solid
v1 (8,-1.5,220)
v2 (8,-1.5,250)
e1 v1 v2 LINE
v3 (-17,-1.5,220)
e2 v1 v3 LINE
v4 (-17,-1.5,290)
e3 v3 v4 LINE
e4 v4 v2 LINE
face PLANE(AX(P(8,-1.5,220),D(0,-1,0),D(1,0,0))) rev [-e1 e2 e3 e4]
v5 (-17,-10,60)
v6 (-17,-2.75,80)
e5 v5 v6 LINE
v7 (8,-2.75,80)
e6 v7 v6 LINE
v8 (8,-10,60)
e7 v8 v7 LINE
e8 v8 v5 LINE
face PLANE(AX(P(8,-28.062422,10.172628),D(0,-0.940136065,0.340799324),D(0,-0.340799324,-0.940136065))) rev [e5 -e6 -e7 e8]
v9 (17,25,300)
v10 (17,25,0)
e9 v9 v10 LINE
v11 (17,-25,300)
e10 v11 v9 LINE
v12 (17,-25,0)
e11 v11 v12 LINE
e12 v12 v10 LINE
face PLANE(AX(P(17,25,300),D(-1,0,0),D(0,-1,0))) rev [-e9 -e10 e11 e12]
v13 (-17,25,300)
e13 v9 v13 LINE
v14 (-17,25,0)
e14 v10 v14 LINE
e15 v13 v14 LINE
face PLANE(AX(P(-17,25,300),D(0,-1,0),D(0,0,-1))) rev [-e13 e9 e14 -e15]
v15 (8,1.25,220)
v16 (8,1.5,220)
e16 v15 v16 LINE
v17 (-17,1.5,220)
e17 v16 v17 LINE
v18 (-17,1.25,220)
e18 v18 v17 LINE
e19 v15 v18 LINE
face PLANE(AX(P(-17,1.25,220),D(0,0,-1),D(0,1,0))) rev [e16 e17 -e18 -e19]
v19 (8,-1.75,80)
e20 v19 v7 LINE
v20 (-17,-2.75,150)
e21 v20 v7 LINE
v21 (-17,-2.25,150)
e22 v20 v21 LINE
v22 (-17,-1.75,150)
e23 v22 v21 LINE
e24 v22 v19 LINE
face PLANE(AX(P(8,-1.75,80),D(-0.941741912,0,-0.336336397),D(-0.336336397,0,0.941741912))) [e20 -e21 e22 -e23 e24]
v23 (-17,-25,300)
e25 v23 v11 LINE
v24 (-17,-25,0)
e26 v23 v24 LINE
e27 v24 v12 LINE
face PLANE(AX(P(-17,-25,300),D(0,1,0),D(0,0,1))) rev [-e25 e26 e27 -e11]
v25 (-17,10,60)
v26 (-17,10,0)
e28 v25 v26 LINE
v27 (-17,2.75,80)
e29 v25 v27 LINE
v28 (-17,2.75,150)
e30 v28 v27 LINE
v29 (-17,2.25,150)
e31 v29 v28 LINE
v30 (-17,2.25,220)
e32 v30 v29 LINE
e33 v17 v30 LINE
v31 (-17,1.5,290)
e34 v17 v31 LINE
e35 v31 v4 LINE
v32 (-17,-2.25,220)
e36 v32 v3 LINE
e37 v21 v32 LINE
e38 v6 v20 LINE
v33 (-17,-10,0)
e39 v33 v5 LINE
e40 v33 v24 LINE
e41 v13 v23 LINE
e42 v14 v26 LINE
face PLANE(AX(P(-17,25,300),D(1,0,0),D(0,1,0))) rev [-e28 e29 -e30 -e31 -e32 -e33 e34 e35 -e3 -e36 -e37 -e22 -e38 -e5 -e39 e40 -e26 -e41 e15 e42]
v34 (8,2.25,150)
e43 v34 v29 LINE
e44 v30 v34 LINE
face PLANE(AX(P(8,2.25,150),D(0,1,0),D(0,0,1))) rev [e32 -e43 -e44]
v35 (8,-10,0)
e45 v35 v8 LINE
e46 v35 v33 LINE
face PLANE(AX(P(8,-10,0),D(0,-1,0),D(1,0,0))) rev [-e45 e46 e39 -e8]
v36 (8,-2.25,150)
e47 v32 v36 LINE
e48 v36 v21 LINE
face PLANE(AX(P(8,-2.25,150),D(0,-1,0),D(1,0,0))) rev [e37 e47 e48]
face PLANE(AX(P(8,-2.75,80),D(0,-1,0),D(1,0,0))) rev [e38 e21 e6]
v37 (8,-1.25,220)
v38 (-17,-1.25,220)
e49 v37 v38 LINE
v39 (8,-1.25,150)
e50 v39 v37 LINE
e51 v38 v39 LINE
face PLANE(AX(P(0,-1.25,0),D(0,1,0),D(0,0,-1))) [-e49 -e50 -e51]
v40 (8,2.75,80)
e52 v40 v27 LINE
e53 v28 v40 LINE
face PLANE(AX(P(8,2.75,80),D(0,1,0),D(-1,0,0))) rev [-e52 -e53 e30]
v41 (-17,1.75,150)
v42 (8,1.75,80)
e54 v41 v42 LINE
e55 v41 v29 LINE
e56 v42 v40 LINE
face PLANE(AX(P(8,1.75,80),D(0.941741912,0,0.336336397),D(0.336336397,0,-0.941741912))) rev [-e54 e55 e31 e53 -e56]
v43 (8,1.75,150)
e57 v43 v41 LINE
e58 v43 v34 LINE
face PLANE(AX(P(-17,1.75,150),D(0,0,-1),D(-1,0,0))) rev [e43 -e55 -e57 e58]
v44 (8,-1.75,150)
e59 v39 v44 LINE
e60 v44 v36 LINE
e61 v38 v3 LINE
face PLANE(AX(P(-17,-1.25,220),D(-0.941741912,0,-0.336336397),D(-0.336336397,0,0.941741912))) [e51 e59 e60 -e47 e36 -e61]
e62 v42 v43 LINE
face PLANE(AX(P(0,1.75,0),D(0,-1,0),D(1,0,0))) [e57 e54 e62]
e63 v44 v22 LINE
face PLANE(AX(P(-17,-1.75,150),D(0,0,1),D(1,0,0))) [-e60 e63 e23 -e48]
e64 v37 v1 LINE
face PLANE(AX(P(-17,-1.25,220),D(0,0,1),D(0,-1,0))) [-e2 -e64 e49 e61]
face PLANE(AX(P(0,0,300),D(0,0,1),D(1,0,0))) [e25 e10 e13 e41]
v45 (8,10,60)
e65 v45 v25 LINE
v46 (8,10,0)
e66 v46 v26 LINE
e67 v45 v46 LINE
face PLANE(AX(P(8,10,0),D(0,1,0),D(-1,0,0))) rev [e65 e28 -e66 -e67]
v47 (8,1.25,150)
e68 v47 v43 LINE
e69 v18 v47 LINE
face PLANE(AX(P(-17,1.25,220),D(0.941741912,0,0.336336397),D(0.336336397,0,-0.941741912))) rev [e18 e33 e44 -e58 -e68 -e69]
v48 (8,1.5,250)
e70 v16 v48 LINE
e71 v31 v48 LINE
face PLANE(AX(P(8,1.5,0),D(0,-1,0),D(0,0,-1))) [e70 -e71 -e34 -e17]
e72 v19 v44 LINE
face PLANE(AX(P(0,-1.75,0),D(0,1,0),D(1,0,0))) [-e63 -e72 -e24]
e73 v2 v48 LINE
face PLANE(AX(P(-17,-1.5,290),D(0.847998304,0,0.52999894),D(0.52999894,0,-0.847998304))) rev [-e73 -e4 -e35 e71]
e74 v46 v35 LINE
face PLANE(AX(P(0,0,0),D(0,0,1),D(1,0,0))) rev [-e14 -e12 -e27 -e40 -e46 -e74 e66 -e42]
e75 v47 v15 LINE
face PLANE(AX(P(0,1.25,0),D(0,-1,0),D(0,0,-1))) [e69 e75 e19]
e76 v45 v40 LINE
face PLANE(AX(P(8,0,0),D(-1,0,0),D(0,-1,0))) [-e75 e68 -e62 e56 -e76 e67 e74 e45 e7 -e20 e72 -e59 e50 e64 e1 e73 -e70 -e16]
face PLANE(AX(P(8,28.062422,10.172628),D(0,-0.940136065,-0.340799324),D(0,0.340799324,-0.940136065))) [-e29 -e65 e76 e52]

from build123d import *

# Parameters (mm, degrees)
SKETCH1_W           = 34
SKETCH1_H           = 50
BOSS_EXTRUDE1_DEPTH = 300
SKETCH3_W           = 70
SKETCH3_H           = 3
CUT_EXTRUDE1_DEPTH  = 25
SKETCH4_W           = 70
SKETCH4_H           = 4.5
CUT_EXTRUDE2_DEPTH  = 25
SKETCH5_W           = 70
SKETCH5_H           = 5.5
CUT_EXTRUDE3_DEPTH  = 25
SKETCH6_W           = 60
SKETCH6_H           = 20
CUT_EXTRUDE4_DEPTH  = 25
BOSS_EXTRUDE2_DEPTH = 1
BOSS_EXTRUDE3_DEPTH = 1
BOSS_EXTRUDE4_DEPTH = 3


with BuildPart() as part:
    # Sketch1 → Boss-Extrude1 (new body)
    with BuildSketch(Plane.XY):
        Rectangle(SKETCH1_W, SKETCH1_H)
    extrude(amount=BOSS_EXTRUDE1_DEPTH)

    # Sketch3 → Cut-Extrude1 (cut)
    with BuildSketch(Plane.ZY.offset(17)):
        with Locations((255, 0)):
            Rectangle(SKETCH3_W, SKETCH3_H)
    extrude(amount=-CUT_EXTRUDE1_DEPTH, mode=Mode.SUBTRACT)

    # Sketch4 → Cut-Extrude2 (cut)
    with BuildSketch(Plane.ZY.offset(17)):
        with Locations((185, 0)):
            Rectangle(SKETCH4_W, SKETCH4_H)
    extrude(amount=-CUT_EXTRUDE2_DEPTH, mode=Mode.SUBTRACT)

    # Sketch5 → Cut-Extrude3 (cut)
    with BuildSketch(Plane.ZY.offset(17)):
        with Locations((115, 0)):
            Rectangle(SKETCH5_W, SKETCH5_H)
    extrude(amount=-CUT_EXTRUDE3_DEPTH, mode=Mode.SUBTRACT)

    # Sketch6 → Cut-Extrude4 (cut)
    with BuildSketch(Plane.ZY.offset(17)):
        with Locations((30, 0)):
            Rectangle(SKETCH6_W, SKETCH6_H)
        Polygon((60, 10), (80, 2.75), (80, -2.75), (60, -10), align=None)
    extrude(amount=-CUT_EXTRUDE4_DEPTH, mode=Mode.SUBTRACT)

    # Sketch7 → Boss-Extrude2 (add)
    with BuildSketch(Plane(origin=(0, 2.75, 0), x_dir=(-1, 0, 0), z_dir=(0, -1, 0))):
        Polygon((-8, -80), (17, -150), (-8, -150), align=None)
    boss_extrude2 = extrude(amount=BOSS_EXTRUDE2_DEPTH)

    # Sketch9 → Boss-Extrude3 (add)
    with BuildSketch(Plane.XZ.offset(-2.25)):
        Polygon((-17, 220), (8, 220), (8, 150), align=None)
    boss_extrude3 = extrude(amount=BOSS_EXTRUDE3_DEPTH)

    # Sketch10 → Boss-Extrude4 (add)
    with BuildSketch(Plane(origin=(0, 1.5, 0), x_dir=(-1, 0, 0), z_dir=(0, -1, 0))):
        Polygon((17, -290), (-8, -250), (-8, -290), align=None)
    extrude(amount=BOSS_EXTRUDE4_DEPTH)

    # Mirror3: Boss-Extrude2, Boss-Extrude3 across plane
    add(boss_extrude2.mirror(Plane.ZX))
    add(boss_extrude3.mirror(Plane.ZX))


solid = part.part
